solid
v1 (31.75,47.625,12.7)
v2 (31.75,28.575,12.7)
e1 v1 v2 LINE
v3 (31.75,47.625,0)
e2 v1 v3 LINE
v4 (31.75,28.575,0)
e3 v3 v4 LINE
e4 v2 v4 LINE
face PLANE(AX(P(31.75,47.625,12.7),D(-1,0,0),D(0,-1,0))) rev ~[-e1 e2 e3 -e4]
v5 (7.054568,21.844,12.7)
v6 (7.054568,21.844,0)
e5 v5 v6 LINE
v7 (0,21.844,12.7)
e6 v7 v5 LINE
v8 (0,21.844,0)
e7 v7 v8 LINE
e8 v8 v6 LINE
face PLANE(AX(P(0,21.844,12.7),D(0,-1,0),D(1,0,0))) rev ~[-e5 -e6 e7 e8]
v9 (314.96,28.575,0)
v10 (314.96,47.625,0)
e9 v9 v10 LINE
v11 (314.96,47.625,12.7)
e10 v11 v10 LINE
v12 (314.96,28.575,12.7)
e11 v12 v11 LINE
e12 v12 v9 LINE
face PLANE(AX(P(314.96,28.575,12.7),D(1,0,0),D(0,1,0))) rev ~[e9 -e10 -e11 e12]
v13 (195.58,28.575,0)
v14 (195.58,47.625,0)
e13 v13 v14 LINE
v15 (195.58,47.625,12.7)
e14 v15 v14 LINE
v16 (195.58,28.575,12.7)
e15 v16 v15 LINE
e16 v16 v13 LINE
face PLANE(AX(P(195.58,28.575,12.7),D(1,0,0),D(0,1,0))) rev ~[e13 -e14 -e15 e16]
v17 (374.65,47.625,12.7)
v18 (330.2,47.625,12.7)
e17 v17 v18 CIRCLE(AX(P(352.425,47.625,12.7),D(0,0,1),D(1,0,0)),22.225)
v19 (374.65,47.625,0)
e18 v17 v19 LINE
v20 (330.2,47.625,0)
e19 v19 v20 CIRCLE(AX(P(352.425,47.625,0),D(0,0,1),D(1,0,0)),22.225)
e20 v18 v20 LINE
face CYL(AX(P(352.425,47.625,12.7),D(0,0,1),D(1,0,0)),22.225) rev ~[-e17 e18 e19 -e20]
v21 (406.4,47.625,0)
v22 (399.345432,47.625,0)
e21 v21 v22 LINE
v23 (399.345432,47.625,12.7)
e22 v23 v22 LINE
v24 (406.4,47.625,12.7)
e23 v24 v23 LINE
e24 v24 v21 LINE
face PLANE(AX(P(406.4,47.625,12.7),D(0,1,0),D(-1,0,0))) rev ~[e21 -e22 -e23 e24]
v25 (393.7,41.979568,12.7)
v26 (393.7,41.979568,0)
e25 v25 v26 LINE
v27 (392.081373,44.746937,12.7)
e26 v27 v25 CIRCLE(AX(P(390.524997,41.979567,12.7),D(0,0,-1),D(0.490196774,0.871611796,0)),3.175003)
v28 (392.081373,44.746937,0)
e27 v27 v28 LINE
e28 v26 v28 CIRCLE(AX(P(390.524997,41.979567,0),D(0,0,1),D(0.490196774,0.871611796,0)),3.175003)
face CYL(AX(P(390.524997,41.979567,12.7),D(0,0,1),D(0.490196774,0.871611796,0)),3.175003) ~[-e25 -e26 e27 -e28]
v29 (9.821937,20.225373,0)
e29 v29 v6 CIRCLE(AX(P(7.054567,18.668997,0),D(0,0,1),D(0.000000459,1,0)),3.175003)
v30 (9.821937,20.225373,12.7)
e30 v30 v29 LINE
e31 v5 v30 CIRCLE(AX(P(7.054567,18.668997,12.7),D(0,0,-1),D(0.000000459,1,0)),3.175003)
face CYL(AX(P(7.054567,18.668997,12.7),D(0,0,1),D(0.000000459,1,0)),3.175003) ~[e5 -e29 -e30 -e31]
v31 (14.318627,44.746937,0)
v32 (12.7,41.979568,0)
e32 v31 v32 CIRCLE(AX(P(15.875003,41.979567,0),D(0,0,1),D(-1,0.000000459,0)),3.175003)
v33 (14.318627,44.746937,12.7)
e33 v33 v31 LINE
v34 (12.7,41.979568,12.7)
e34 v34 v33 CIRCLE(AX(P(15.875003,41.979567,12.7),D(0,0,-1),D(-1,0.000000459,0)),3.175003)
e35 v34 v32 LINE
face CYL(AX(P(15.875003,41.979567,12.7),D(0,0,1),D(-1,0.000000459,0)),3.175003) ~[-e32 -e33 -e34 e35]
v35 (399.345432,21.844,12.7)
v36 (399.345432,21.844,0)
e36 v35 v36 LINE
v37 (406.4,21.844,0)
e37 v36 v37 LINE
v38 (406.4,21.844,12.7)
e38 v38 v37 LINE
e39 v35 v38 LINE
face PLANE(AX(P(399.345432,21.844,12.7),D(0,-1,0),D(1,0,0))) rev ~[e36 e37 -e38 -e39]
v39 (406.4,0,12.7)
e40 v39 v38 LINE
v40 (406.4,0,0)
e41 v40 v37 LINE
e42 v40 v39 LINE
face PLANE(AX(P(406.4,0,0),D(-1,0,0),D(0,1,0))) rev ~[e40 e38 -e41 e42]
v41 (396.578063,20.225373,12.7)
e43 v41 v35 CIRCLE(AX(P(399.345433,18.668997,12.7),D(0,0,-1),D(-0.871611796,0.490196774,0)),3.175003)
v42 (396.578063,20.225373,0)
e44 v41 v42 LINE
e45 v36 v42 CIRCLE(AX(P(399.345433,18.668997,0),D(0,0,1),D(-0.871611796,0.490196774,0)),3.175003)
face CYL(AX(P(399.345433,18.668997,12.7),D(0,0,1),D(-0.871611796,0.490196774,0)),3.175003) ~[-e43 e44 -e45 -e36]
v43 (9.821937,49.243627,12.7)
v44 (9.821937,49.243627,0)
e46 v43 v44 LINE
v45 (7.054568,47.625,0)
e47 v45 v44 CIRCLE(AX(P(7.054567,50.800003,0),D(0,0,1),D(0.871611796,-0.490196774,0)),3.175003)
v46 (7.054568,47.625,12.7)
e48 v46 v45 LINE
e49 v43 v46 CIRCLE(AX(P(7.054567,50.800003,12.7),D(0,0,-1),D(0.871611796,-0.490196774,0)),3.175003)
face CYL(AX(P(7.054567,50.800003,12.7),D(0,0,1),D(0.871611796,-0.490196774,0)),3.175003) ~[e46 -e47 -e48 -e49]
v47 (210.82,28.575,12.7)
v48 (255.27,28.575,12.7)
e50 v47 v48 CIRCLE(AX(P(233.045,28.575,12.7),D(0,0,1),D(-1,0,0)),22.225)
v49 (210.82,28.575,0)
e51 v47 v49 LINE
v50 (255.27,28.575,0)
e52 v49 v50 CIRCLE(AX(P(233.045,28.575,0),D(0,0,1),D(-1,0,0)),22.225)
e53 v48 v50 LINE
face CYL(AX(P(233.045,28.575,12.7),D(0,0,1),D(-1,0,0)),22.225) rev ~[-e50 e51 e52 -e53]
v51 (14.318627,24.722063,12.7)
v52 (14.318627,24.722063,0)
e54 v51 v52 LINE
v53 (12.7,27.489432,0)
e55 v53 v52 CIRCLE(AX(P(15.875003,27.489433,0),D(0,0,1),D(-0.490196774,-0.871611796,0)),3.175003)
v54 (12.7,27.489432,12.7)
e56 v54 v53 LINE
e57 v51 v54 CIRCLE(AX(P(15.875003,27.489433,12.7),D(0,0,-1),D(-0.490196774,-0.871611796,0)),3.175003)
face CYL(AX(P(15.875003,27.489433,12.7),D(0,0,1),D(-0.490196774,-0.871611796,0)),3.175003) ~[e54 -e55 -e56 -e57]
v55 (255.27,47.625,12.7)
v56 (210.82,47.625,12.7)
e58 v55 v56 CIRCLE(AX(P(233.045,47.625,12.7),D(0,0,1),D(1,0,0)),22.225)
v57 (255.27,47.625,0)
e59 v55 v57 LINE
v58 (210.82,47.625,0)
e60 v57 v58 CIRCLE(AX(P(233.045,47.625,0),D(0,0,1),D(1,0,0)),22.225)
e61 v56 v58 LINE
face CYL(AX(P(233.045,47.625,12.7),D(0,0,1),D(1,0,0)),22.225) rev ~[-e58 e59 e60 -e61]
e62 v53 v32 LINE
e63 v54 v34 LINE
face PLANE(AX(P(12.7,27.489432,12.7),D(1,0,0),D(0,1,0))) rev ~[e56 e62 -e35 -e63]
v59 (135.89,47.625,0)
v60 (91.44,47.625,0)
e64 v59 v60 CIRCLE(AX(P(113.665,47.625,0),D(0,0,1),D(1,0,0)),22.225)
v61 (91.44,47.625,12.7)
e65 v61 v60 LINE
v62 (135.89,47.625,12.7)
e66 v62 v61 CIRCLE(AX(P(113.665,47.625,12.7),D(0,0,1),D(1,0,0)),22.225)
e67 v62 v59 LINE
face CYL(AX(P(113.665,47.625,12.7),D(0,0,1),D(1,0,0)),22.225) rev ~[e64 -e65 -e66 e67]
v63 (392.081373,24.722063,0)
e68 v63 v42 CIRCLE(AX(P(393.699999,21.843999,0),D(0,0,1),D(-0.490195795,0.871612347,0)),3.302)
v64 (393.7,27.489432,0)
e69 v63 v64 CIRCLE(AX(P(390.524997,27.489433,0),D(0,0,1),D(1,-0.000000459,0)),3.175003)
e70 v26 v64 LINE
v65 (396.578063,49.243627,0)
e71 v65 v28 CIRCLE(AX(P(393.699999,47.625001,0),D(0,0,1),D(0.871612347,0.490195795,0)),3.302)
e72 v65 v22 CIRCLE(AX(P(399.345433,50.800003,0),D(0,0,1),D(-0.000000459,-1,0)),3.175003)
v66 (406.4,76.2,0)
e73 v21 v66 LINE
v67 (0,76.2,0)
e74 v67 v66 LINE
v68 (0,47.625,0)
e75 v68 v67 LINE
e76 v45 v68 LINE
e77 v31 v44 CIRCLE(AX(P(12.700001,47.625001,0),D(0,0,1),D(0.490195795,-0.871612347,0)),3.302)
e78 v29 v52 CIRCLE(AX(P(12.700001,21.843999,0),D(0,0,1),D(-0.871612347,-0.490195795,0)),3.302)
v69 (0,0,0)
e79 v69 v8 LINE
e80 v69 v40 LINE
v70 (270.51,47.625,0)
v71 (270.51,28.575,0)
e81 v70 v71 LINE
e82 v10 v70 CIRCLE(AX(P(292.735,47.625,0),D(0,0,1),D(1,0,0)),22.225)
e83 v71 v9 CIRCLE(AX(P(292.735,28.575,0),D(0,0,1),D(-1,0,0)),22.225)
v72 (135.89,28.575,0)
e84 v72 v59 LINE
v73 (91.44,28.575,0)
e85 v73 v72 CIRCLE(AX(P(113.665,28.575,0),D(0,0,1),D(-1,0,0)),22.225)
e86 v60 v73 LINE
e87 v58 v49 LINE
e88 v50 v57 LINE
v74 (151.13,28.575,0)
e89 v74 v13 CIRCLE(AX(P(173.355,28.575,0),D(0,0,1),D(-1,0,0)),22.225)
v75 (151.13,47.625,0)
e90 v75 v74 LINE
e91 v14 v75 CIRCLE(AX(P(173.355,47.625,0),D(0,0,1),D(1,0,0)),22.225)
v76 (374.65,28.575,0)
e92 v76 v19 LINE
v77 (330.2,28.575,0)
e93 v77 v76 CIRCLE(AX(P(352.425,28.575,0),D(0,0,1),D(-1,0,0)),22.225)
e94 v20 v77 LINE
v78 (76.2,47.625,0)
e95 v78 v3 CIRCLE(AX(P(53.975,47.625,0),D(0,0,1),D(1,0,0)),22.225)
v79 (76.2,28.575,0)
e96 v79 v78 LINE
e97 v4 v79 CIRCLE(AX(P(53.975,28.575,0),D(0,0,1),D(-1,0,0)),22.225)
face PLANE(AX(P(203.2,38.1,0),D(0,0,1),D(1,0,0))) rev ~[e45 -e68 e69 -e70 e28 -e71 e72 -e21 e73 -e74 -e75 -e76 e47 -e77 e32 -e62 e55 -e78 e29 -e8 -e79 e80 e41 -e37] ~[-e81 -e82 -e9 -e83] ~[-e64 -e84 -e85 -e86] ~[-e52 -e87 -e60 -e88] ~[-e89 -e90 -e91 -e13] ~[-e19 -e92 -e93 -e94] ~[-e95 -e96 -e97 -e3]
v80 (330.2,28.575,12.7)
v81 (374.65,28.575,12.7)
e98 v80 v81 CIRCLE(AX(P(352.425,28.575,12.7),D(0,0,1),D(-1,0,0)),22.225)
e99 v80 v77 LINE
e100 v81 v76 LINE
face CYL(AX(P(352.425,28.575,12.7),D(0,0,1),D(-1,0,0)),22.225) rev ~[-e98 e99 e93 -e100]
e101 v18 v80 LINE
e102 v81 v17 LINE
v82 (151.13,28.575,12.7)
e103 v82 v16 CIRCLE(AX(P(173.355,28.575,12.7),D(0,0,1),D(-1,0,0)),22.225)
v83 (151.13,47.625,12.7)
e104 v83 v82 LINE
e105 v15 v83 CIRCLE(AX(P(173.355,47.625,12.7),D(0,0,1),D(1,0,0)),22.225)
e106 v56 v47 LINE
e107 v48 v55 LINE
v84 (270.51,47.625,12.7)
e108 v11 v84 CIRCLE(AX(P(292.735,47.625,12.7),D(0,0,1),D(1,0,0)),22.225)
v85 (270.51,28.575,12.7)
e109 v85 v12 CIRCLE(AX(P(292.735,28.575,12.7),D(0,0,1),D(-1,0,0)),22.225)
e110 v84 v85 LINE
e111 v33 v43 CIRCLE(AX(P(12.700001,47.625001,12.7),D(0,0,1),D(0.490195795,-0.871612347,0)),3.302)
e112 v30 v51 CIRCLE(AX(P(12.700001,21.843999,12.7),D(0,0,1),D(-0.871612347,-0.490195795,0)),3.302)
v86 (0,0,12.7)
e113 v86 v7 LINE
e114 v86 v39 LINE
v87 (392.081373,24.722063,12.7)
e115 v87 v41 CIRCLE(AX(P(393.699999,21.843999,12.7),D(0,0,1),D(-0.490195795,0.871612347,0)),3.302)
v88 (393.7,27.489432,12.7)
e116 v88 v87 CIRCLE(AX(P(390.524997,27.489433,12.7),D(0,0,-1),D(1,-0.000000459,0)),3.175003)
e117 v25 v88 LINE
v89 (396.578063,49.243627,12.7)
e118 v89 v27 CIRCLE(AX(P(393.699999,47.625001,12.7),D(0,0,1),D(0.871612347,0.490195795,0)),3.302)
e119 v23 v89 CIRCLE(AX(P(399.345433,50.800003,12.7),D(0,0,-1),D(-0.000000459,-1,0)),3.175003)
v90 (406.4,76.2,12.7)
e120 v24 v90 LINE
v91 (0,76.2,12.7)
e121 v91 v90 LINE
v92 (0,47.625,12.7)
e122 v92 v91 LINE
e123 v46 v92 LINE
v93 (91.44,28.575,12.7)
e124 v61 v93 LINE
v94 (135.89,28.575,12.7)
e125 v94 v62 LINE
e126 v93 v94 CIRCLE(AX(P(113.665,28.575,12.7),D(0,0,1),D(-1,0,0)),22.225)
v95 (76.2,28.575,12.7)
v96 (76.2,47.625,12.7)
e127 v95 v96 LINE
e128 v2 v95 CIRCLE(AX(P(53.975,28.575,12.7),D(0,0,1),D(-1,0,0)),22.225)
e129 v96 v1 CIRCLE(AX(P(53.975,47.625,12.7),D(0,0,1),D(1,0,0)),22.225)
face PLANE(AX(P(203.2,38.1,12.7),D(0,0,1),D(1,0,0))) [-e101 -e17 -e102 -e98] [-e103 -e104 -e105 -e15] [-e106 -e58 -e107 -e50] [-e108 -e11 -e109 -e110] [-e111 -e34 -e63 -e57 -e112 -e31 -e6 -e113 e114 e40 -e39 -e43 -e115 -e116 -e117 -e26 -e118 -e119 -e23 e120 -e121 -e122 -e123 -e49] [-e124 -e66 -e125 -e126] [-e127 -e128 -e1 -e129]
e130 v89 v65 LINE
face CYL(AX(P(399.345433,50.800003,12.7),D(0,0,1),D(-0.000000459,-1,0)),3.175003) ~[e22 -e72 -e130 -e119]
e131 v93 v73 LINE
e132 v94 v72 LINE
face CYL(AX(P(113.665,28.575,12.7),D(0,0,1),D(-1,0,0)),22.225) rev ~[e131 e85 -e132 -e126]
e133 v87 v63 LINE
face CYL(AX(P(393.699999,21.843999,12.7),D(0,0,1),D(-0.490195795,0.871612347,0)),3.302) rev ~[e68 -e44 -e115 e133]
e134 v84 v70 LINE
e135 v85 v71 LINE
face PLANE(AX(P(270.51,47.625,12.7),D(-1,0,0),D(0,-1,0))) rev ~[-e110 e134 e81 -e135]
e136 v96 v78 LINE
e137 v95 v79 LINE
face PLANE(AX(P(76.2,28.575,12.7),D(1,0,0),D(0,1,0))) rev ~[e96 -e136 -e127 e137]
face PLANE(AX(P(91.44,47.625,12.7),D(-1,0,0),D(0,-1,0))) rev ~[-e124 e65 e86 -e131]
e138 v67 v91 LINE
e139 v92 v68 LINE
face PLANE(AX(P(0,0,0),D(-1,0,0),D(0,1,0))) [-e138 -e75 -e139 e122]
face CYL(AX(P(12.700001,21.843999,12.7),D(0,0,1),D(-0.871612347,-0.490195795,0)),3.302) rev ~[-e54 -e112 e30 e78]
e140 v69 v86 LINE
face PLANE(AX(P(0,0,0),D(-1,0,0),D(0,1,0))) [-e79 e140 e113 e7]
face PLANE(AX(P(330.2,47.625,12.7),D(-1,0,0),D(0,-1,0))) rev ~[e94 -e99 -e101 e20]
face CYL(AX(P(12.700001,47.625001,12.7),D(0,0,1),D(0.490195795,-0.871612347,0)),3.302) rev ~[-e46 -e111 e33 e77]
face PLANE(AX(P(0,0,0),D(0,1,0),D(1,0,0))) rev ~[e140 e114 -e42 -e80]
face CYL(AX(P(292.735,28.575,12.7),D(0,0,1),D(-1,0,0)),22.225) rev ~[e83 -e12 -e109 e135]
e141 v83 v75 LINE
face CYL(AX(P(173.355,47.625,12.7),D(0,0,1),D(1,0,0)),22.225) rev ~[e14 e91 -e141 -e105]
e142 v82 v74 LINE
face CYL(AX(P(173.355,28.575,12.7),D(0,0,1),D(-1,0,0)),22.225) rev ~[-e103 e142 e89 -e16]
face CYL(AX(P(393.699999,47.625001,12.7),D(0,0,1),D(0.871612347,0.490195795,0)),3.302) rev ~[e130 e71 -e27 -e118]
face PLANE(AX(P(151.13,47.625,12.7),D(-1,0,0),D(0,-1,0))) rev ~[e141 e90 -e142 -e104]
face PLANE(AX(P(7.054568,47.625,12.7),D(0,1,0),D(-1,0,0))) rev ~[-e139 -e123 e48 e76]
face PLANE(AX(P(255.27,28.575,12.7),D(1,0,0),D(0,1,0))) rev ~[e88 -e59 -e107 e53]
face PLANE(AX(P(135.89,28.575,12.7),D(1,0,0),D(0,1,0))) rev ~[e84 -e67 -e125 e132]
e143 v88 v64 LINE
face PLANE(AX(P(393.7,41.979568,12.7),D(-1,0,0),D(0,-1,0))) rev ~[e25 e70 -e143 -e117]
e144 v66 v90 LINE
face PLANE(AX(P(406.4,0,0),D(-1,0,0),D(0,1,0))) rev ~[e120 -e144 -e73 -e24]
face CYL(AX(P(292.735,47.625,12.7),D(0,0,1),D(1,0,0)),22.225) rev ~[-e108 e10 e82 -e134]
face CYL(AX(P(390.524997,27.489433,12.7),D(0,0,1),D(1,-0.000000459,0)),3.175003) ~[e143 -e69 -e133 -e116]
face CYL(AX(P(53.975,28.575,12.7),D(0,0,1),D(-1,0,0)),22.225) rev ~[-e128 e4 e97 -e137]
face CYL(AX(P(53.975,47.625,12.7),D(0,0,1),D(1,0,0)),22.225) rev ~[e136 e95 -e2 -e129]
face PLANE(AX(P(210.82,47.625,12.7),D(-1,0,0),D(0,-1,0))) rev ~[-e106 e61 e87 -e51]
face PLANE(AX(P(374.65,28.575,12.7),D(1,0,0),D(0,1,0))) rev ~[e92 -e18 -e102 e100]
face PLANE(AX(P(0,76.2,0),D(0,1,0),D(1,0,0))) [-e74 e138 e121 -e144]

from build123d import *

# Parameters (mm, degrees)
F0_W     = 406.4
F0_H     = 76.2
F1_DEPTH = 12.7
F3_DEPTH = 25.4
F5_DEPTH = 25.4


with BuildPart() as f1:
    # F0 (on Top) → F1 (new body)
    with BuildSketch(Plane.XY):
        with Locations((203.2, 38.1)):
            Rectangle(F0_W, F0_H)
    extrude(amount=F1_DEPTH)

    # F2 (on face) → F3 (cut)
    with BuildSketch(Plane.XY.offset(12.7)):
        with BuildLine():
            Line((7.054568, 47.625), (0, 47.625))
            Line((0, 47.625), (0, 21.844))
            Line((0, 21.844), (7.054568, 21.844))
            ThreePointArc((7.054568, 21.844), (8.657556, 21.40963), (9.821937, 20.225373))
            ThreePointArc((9.821937, 20.225373), (15.034867, 19.509133), (14.318627, 24.722063))
            ThreePointArc((14.318627, 24.722063), (13.13437, 25.886444), (12.7, 27.489432))
            Line((12.7, 27.489432), (12.7, 41.979568))
            ThreePointArc((12.7, 41.979568), (13.13437, 43.582556), (14.318627, 44.746937))
            ThreePointArc((14.318627, 44.746937), (15.034867, 49.959867), (9.821937, 49.243627))
            ThreePointArc((9.821937, 49.243627), (8.657556, 48.05937), (7.054568, 47.625))
        make_face()
        with BuildLine():
            Line((393.7, 41.979568), (393.7, 27.489432))
            ThreePointArc((393.7, 27.489432), (393.26563, 25.886444), (392.081373, 24.722063))
            ThreePointArc((392.081373, 24.722063), (391.365133, 19.509133), (396.578063, 20.225373))
            ThreePointArc((396.578063, 20.225373), (397.742444, 21.40963), (399.345432, 21.844))
            Line((399.345432, 21.844), (406.4, 21.844))
            Line((406.4, 21.844), (406.4, 47.625))
            Line((406.4, 47.625), (399.345432, 47.625))
            ThreePointArc((399.345432, 47.625), (397.742444, 48.05937), (396.578063, 49.243627))
            ThreePointArc((396.578063, 49.243627), (391.365133, 49.959867), (392.081373, 44.746937))
            ThreePointArc((392.081373, 44.746937), (393.26563, 43.582556), (393.7, 41.979568))
        make_face()
    extrude(amount=-F3_DEPTH, mode=Mode.SUBTRACT)

    # F4 (on face) → F5 (cut)
    with BuildSketch(Plane.XY.offset(12.7)):
        with BuildLine():
            ThreePointArc((31.75, 28.575), (53.975, 6.35), (76.2, 28.575))
            Line((76.2, 28.575), (76.2, 47.625))
            ThreePointArc((76.2, 47.625), (53.975, 69.85), (31.75, 47.625))
            Line((31.75, 47.625), (31.75, 28.575))
        make_face()
        with BuildLine():
            Line((91.44, 47.625), (91.44, 28.575))
            ThreePointArc((91.44, 28.575), (113.665, 6.35), (135.89, 28.575))
            Line((135.89, 28.575), (135.89, 47.625))
            ThreePointArc((135.89, 47.625), (113.665, 69.85), (91.44, 47.625))
        make_face()
        with BuildLine():
            Line((151.13, 47.625), (151.13, 28.575))
            ThreePointArc((151.13, 28.575), (173.355, 6.35), (195.58, 28.575))
            Line((195.58, 28.575), (195.58, 47.625))
            ThreePointArc((195.58, 47.625), (173.355, 69.85), (151.13, 47.625))
        make_face()
        with BuildLine():
            Line((210.82, 47.625), (210.82, 28.575))
            ThreePointArc((210.82, 28.575), (233.045, 6.35), (255.27, 28.575))
            Line((255.27, 28.575), (255.27, 47.625))
            ThreePointArc((255.27, 47.625), (233.045, 69.85), (210.82, 47.625))
        make_face()
        with BuildLine():
            Line((270.51, 47.625), (270.51, 28.575))
            ThreePointArc((270.51, 28.575), (292.735, 6.35), (314.96, 28.575))
            Line((314.96, 28.575), (314.96, 47.625))
            ThreePointArc((314.96, 47.625), (292.735, 69.85), (270.51, 47.625))
        make_face()
        with BuildLine():
            Line((330.2, 47.625), (330.2, 28.575))
            ThreePointArc((330.2, 28.575), (352.425, 6.35), (374.65, 28.575))
            Line((374.65, 28.575), (374.65, 47.625))
            ThreePointArc((374.65, 47.625), (352.425, 69.85), (330.2, 47.625))
        make_face()
    extrude(amount=-F5_DEPTH, mode=Mode.SUBTRACT)


solid = f1.part
